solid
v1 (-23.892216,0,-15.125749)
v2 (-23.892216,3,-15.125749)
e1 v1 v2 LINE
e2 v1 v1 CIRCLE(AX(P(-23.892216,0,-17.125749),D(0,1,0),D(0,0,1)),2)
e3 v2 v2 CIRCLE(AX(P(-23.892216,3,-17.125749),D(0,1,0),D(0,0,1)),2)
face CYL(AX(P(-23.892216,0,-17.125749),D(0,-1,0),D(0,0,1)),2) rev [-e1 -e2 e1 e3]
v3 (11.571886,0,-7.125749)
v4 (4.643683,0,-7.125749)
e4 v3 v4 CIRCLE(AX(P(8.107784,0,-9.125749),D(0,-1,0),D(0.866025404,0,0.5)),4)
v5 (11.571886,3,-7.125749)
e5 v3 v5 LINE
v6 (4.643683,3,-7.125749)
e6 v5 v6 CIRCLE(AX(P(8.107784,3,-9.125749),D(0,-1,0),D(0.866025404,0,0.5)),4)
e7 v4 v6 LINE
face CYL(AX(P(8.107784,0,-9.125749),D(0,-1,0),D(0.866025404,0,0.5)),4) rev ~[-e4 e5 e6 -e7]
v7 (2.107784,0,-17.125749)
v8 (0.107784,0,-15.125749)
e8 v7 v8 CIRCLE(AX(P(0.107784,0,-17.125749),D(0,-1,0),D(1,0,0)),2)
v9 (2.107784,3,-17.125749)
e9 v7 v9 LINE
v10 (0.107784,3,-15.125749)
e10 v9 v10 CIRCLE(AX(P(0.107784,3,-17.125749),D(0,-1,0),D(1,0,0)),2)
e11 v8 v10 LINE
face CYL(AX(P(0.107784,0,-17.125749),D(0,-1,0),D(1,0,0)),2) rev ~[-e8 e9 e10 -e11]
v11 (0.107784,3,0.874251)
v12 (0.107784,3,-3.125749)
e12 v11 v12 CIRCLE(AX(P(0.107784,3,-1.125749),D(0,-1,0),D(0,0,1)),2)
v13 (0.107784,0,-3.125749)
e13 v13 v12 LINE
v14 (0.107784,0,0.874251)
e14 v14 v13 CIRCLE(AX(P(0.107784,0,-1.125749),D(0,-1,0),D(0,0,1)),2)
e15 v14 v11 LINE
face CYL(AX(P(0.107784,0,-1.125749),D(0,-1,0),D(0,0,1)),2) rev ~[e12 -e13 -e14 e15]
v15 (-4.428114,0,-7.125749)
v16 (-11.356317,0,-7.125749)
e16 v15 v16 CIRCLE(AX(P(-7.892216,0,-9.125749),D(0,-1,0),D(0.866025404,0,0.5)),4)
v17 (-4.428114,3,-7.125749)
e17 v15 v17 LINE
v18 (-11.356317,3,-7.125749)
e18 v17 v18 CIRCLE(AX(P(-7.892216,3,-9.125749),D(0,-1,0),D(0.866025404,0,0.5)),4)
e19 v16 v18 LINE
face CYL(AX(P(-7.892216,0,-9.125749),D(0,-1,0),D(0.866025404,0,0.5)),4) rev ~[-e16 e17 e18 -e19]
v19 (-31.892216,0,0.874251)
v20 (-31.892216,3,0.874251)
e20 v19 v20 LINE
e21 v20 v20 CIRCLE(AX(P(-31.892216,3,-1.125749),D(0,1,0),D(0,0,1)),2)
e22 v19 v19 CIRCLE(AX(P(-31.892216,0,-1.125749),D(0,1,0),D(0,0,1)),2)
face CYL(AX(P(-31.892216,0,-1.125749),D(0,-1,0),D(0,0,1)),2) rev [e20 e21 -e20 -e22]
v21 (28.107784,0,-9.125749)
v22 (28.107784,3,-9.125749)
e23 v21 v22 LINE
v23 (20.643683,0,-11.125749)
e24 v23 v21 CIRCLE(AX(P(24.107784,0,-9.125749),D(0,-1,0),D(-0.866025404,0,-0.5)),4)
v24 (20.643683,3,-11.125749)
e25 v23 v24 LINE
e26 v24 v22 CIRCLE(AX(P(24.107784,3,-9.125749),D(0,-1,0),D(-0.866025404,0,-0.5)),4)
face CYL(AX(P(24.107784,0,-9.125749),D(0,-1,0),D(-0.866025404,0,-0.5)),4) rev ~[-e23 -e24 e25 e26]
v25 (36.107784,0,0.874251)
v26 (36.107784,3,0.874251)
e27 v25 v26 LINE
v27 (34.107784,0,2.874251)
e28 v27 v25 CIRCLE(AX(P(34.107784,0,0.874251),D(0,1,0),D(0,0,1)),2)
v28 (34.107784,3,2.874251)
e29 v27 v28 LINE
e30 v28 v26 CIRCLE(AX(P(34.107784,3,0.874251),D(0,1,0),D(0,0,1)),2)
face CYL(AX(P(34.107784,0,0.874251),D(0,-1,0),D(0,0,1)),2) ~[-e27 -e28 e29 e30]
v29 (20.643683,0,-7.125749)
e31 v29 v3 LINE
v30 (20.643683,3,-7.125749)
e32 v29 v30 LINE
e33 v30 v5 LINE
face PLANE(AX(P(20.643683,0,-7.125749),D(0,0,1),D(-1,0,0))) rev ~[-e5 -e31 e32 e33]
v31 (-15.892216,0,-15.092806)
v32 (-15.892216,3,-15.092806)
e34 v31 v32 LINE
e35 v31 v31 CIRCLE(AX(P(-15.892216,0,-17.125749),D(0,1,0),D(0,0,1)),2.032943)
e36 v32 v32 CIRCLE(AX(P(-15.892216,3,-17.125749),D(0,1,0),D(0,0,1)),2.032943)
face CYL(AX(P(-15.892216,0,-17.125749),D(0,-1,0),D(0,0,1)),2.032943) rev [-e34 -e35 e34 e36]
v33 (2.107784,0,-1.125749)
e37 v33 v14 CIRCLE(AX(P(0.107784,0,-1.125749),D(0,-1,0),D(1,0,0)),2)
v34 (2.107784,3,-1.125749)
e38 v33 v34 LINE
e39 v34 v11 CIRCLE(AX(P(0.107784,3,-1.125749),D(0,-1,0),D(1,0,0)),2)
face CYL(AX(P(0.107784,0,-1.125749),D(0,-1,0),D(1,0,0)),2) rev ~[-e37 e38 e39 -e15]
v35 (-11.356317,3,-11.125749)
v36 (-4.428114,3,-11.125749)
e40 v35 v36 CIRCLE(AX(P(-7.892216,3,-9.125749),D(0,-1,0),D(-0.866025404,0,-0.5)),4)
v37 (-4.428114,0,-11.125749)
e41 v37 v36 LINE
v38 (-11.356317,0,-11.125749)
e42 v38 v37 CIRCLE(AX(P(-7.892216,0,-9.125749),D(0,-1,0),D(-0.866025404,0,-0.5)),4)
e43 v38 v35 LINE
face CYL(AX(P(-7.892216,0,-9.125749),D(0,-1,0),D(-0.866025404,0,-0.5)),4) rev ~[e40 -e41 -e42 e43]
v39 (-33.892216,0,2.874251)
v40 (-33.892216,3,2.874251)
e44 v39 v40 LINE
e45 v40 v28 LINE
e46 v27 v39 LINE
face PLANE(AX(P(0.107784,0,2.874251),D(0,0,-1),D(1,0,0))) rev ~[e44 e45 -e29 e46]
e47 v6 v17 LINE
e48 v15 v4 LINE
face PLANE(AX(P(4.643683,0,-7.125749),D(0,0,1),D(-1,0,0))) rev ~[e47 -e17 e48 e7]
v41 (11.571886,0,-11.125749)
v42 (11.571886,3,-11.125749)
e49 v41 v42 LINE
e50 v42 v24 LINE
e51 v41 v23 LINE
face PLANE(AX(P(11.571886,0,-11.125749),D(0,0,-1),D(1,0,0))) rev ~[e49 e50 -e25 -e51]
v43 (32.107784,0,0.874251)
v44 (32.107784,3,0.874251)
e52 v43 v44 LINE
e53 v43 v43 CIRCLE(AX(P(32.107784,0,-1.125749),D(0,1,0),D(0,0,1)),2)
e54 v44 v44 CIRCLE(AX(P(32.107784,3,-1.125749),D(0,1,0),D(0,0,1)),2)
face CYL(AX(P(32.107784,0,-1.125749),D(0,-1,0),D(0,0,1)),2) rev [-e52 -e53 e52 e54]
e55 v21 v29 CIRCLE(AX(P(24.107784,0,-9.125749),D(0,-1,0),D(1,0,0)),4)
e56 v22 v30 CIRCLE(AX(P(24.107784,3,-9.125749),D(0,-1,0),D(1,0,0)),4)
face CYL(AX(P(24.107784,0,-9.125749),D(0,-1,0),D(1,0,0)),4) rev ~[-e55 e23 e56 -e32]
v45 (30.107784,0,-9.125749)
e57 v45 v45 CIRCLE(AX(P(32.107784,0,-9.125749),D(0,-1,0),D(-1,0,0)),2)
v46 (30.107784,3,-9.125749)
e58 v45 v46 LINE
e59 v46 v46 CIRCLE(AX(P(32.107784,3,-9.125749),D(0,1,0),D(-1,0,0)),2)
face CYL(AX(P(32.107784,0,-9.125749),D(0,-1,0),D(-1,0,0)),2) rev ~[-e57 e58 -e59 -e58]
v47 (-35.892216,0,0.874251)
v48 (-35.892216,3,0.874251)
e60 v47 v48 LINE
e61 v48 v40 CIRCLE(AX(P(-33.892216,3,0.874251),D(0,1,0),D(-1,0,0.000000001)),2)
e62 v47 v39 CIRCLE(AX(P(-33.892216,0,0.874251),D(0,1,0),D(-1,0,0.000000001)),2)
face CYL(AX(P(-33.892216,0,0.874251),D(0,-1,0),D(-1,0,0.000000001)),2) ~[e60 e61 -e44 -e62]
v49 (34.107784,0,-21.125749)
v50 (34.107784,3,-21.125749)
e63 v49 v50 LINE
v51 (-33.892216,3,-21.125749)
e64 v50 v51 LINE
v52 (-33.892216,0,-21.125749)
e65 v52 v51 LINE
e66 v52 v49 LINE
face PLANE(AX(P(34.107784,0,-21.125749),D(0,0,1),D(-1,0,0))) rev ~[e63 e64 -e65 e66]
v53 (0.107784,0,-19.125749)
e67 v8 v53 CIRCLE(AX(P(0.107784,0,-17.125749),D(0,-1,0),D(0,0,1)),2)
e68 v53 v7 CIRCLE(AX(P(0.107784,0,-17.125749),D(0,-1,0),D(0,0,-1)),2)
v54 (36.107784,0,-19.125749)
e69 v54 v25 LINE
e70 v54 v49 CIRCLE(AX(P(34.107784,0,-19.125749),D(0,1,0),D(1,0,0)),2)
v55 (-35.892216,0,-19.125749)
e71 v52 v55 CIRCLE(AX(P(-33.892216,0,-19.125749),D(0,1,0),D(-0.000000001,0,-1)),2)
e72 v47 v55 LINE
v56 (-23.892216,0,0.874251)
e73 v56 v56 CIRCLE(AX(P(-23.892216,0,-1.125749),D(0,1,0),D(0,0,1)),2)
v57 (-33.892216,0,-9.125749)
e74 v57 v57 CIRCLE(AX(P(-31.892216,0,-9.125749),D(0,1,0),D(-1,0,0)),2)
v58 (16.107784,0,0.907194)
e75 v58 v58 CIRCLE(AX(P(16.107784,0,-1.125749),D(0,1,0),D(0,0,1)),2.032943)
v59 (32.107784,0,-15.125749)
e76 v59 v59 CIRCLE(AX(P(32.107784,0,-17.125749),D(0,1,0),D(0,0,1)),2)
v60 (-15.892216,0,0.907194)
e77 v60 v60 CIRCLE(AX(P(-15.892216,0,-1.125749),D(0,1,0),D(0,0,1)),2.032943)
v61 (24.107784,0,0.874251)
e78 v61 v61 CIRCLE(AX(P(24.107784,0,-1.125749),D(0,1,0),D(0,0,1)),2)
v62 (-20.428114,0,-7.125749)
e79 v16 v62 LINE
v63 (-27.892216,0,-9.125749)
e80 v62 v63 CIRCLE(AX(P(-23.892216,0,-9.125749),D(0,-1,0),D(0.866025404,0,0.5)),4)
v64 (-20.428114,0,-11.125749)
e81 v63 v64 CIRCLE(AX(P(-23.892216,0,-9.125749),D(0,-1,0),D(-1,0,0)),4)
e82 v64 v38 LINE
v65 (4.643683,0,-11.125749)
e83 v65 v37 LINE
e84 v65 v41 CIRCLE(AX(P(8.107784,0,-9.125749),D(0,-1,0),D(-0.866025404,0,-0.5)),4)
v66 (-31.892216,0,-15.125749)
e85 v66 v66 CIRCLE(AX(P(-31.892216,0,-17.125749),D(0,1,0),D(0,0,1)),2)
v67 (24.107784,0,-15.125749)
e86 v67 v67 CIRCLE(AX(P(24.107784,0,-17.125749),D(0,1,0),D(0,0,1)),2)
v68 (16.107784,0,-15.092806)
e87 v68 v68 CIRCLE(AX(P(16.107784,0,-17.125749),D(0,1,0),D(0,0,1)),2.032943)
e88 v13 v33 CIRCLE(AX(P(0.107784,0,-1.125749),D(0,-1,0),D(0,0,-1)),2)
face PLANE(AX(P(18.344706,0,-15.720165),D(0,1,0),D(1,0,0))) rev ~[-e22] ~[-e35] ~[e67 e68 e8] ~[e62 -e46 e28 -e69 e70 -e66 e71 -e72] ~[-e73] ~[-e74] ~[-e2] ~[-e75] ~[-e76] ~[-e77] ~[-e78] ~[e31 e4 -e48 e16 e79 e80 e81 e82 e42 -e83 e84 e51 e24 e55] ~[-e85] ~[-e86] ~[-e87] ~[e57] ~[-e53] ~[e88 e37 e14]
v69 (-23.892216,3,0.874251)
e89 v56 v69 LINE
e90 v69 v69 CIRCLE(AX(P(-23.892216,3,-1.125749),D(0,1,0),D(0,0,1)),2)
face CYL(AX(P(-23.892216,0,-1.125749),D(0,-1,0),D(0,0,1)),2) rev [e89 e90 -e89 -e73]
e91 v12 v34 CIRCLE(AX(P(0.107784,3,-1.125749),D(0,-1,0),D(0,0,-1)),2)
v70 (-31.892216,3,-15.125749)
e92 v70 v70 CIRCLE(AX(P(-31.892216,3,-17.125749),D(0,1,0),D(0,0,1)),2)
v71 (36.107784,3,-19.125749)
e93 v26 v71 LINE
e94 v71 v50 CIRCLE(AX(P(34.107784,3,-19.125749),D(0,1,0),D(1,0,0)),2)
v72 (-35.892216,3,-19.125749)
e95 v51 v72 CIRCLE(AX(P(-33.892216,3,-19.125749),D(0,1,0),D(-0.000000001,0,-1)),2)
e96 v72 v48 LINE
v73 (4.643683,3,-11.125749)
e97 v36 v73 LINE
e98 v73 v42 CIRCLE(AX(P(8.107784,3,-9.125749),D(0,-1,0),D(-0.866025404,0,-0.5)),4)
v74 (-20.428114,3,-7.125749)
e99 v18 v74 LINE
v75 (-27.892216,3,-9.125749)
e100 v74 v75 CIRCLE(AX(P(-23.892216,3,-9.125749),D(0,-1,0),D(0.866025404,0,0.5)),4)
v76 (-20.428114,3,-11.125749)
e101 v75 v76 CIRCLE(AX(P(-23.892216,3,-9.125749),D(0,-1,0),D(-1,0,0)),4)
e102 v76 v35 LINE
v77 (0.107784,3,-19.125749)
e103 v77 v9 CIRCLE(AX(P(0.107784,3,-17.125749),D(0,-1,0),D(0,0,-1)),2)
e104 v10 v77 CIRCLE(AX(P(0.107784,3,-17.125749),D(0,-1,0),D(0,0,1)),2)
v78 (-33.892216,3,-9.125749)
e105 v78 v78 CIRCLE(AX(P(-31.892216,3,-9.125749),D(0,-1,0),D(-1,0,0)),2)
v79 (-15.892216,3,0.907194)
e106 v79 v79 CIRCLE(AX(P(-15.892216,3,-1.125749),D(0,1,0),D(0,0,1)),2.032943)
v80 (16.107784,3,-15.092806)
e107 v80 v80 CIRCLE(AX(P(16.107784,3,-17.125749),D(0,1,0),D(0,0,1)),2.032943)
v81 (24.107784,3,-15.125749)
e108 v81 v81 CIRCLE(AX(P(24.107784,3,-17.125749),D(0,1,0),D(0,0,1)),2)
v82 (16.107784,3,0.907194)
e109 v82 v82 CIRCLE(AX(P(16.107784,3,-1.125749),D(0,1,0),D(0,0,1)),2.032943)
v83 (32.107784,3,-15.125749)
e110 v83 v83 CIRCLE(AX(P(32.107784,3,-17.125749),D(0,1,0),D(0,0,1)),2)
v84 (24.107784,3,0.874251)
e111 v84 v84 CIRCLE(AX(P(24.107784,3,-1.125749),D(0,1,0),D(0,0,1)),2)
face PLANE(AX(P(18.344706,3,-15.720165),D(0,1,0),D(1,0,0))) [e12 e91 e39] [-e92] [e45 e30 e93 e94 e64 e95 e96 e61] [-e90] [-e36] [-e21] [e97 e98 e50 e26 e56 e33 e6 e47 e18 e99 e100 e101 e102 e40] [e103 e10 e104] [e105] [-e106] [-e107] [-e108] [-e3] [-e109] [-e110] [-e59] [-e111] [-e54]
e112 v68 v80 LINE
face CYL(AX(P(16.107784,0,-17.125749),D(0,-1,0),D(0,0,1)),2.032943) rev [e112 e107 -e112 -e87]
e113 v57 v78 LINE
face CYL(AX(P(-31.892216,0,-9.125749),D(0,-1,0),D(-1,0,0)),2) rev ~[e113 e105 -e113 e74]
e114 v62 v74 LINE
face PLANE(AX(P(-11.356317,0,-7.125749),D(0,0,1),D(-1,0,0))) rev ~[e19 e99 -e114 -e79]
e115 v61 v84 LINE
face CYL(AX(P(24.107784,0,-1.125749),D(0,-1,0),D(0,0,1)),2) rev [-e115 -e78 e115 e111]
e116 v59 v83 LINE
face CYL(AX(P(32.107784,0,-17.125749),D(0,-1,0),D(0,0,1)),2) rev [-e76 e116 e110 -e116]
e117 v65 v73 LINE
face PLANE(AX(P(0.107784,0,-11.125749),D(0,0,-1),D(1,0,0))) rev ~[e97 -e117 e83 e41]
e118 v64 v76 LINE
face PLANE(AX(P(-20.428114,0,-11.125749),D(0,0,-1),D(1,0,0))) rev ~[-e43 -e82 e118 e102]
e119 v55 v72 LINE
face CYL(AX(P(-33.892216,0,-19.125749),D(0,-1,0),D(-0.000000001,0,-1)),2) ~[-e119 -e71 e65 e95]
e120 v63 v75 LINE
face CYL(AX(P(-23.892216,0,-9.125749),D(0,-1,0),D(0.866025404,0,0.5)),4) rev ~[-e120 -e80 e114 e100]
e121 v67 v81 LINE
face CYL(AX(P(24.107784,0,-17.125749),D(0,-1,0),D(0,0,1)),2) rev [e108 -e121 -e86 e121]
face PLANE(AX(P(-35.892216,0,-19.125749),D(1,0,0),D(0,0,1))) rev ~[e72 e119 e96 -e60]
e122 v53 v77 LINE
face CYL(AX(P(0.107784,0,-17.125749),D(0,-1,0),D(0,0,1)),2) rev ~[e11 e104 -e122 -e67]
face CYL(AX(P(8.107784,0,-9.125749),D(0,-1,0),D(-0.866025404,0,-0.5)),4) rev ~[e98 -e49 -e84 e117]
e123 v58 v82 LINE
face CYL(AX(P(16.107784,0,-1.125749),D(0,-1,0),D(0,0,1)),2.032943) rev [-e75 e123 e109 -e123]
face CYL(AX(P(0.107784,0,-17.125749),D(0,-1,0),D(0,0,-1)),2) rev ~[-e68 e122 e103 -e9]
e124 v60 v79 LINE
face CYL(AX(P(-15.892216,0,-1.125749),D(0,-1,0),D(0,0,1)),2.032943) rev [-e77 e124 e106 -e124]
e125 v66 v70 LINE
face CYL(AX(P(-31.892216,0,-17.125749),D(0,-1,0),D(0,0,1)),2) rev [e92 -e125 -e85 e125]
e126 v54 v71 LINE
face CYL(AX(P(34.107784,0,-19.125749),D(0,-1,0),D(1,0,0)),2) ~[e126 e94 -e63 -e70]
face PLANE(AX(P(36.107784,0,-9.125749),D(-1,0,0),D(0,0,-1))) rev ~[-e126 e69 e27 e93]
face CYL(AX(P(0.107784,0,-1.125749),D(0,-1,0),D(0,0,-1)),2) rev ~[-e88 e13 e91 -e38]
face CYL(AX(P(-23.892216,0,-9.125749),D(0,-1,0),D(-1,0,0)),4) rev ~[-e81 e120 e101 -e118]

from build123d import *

# Parameters (mm, degrees)
SKETCH1_R           = 2
SKETCH1_R_2         = 2.032942559
BOSS_EXTRUDE2_DEPTH = 3


with BuildPart() as part:
    # Sketch1 → Boss-Extrude2 (new body)
    # profile 1 of 4: a face of its own
    with BuildSketch(Plane(origin=(0, 0, 0), x_dir=(1, 0, 0), z_dir=(0, 1, 0))):
        with BuildLine():
            Line((-33.892215569, -2.874251497), (0.107784431, -2.874251497))
            Line((0.107784431, -2.874251497), (0.107784431, -0.874251497))
            ThreePointArc((0.107784431, -0.874251497), (-1.892215569, 1.125748503), (0.107784431, 3.125748503))
            Line((0.107784431, 3.125748503), (0.107784431, 7.125748503))
            Line((0.107784431, 7.125748503), (-4.428113954, 7.125748503))
            ThreePointArc((-4.428113954, 7.125748503), (-7.892215569, 5.125748503), (-11.356317184, 7.125748503))
            Line((-11.356317184, 7.125748503), (-20.428113954, 7.125748503))
            ThreePointArc((-20.428113954, 7.125748503), (-24.927491749, 5.262045198), (-27.892215569, 9.125748503))
            Line((-27.892215569, 9.125748503), (-29.892215569, 9.125748503))
            ThreePointArc((-29.892215569, 9.125748503), (-31.892215569, 7.125748503), (-33.892215569, 9.125748503))
            Line((-33.892215569, 9.125748503), (-35.892215569, 9.125748503))
            Line((-35.892215569, 9.125748503), (-35.892215569, -0.874251497))
            ThreePointArc((-35.892215569, -0.874251497), (-35.306429131, -2.288465059), (-33.892215569, -2.874251497))
        make_face()
        with Locations(Location((-31.892215569, 1.125748503, 0), (0, 0, 270))):
            Circle(SKETCH1_R, mode=Mode.SUBTRACT)
        with Locations(Location((-23.892215569, 1.125748503, 0), (0, 0, 270))):
            Circle(SKETCH1_R, mode=Mode.SUBTRACT)
        with Locations(Location((-15.892215569, 1.125748503, 0), (0, 0, 270))):
            Circle(SKETCH1_R_2, mode=Mode.SUBTRACT)
    # profile 2 of 4: a face of its own
    with BuildSketch(Plane(origin=(0, 0, 0), x_dir=(1, 0, 0), z_dir=(0, 1, 0))):
        with BuildLine():
            Line((0.107784431, 19.125748503), (0.107784431, 21.125748503))
            Line((0.107784431, 21.125748503), (-33.892215569, 21.125748503))
            ThreePointArc((-33.892215569, 21.125748503), (-35.306429131, 20.539962065), (-35.892215569, 19.125748503))
            Line((-35.892215569, 19.125748503), (-35.892215569, 9.125748503))
            Line((-35.892215569, 9.125748503), (-33.892215569, 9.125748503))
            ThreePointArc((-33.892215569, 9.125748503), (-31.892215569, 11.125748503), (-29.892215569, 9.125748503))
            Line((-29.892215569, 9.125748503), (-27.892215569, 9.125748503))
            ThreePointArc((-27.892215569, 9.125748503), (-24.927491749, 12.989451808), (-20.428113954, 11.125748503))
            Line((-20.428113954, 11.125748503), (-11.356317184, 11.125748503))
            ThreePointArc((-11.356317184, 11.125748503), (-7.892215569, 13.125748503), (-4.428113954, 11.125748503))
            Line((-4.428113954, 11.125748503), (0.107784431, 11.125748503))
            Line((0.107784431, 11.125748503), (0.107784431, 15.125748503))
            ThreePointArc((0.107784431, 15.125748503), (-1.892215569, 17.125748503), (0.107784431, 19.125748503))
        make_face()
        with Locations(Location((-31.892215569, 17.125748503, 0), (0, 0, 270))):
            Circle(SKETCH1_R, mode=Mode.SUBTRACT)
        with Locations(Location((-23.892215569, 17.125748503, 0), (0, 0, 270))):
            Circle(SKETCH1_R, mode=Mode.SUBTRACT)
        with Locations(Location((-15.892215569, 17.125748503, 0), (0, 0, 270))):
            Circle(SKETCH1_R_2, mode=Mode.SUBTRACT)
    # profile 3 of 4: a face of its own
    with BuildSketch(Plane(origin=(0, 0, 0), x_dir=(1, 0, 0), z_dir=(0, 1, 0))):
        with BuildLine():
            Line((36.107784431, 9.125748503), (34.107784431, 9.125748503))
            ThreePointArc((34.107784431, 9.125748503), (32.107784431, 7.125748503), (30.107784431, 9.125748503))
            Line((30.107784431, 9.125748503), (28.107784431, 9.125748503))
            ThreePointArc((28.107784431, 9.125748503), (25.143060612, 5.262045198), (20.643682816, 7.125748503))
            Line((20.643682816, 7.125748503), (11.571886046, 7.125748503))
            ThreePointArc((11.571886046, 7.125748503), (8.107784431, 5.125748503), (4.643682816, 7.125748503))
            Line((4.643682816, 7.125748503), (0.107784431, 7.125748503))
            Line((0.107784431, 7.125748503), (0.107784431, 3.125748503))
            ThreePointArc((0.107784431, 3.125748503), (1.521997994, 2.539962065), (2.107784431, 1.125748503))
            ThreePointArc((2.107784431, 1.125748503), (1.521997994, -0.288465059), (0.107784431, -0.874251497))
            Line((0.107784431, -0.874251497), (0.107784431, -2.874251497))
            Line((0.107784431, -2.874251497), (34.107784431, -2.874251497))
            ThreePointArc((34.107784431, -2.874251497), (35.521997994, -2.288465059), (36.107784431, -0.874251497))
            Line((36.107784431, -0.874251497), (36.107784431, 9.125748503))
        make_face()
        with Locations(Location((16.107784431, 1.125748503, 0), (0, 0, 270))):
            Circle(SKETCH1_R_2, mode=Mode.SUBTRACT)
        with Locations(Location((24.107784431, 1.125748503, 0), (0, 0, 270))):
            Circle(SKETCH1_R, mode=Mode.SUBTRACT)
        with Locations(Location((32.107784431, 1.125748503, 0), (0, 0, 270))):
            Circle(SKETCH1_R, mode=Mode.SUBTRACT)
    # profile 4 of 4: a face of its own
    with BuildSketch(Plane(origin=(0, 0, 0), x_dir=(1, 0, 0), z_dir=(0, 1, 0))):
        with BuildLine():
            ThreePointArc((30.107784431, 9.125748503), (32.107784431, 11.125748503), (34.107784431, 9.125748503))
            Line((34.107784431, 9.125748503), (36.107784431, 9.125748503))
            Line((36.107784431, 9.125748503), (36.107784431, 19.125748503))
            ThreePointArc((36.107784431, 19.125748503), (35.521997994, 20.539962065), (34.107784431, 21.125748503))
            Line((34.107784431, 21.125748503), (0.107784431, 21.125748503))
            Line((0.107784431, 21.125748503), (0.107784431, 19.125748503))
            ThreePointArc((0.107784431, 19.125748503), (1.521997994, 18.539962065), (2.107784431, 17.125748503))
            ThreePointArc((2.107784431, 17.125748503), (1.521997994, 15.711534941), (0.107784431, 15.125748503))
            Line((0.107784431, 15.125748503), (0.107784431, 11.125748503))
            Line((0.107784431, 11.125748503), (4.643682816, 11.125748503))
            ThreePointArc((4.643682816, 11.125748503), (8.107784431, 13.125748503), (11.571886046, 11.125748503))
            Line((11.571886046, 11.125748503), (20.643682816, 11.125748503))
            ThreePointArc((20.643682816, 11.125748503), (25.143060612, 12.989451808), (28.107784431, 9.125748503))
            Line((28.107784431, 9.125748503), (30.107784431, 9.125748503))
        make_face()
        with Locations(Location((16.107784431, 17.125748503, 0), (0, 0, 270))):
            Circle(SKETCH1_R_2, mode=Mode.SUBTRACT)
        with Locations(Location((24.107784431, 17.125748503, 0), (0, 0, 270))):
            Circle(SKETCH1_R, mode=Mode.SUBTRACT)
        with Locations(Location((32.107784431, 17.125748503, 0), (0, 0, 270))):
            Circle(SKETCH1_R, mode=Mode.SUBTRACT)
    extrude(amount=BOSS_EXTRUDE2_DEPTH)


solid = part.part
